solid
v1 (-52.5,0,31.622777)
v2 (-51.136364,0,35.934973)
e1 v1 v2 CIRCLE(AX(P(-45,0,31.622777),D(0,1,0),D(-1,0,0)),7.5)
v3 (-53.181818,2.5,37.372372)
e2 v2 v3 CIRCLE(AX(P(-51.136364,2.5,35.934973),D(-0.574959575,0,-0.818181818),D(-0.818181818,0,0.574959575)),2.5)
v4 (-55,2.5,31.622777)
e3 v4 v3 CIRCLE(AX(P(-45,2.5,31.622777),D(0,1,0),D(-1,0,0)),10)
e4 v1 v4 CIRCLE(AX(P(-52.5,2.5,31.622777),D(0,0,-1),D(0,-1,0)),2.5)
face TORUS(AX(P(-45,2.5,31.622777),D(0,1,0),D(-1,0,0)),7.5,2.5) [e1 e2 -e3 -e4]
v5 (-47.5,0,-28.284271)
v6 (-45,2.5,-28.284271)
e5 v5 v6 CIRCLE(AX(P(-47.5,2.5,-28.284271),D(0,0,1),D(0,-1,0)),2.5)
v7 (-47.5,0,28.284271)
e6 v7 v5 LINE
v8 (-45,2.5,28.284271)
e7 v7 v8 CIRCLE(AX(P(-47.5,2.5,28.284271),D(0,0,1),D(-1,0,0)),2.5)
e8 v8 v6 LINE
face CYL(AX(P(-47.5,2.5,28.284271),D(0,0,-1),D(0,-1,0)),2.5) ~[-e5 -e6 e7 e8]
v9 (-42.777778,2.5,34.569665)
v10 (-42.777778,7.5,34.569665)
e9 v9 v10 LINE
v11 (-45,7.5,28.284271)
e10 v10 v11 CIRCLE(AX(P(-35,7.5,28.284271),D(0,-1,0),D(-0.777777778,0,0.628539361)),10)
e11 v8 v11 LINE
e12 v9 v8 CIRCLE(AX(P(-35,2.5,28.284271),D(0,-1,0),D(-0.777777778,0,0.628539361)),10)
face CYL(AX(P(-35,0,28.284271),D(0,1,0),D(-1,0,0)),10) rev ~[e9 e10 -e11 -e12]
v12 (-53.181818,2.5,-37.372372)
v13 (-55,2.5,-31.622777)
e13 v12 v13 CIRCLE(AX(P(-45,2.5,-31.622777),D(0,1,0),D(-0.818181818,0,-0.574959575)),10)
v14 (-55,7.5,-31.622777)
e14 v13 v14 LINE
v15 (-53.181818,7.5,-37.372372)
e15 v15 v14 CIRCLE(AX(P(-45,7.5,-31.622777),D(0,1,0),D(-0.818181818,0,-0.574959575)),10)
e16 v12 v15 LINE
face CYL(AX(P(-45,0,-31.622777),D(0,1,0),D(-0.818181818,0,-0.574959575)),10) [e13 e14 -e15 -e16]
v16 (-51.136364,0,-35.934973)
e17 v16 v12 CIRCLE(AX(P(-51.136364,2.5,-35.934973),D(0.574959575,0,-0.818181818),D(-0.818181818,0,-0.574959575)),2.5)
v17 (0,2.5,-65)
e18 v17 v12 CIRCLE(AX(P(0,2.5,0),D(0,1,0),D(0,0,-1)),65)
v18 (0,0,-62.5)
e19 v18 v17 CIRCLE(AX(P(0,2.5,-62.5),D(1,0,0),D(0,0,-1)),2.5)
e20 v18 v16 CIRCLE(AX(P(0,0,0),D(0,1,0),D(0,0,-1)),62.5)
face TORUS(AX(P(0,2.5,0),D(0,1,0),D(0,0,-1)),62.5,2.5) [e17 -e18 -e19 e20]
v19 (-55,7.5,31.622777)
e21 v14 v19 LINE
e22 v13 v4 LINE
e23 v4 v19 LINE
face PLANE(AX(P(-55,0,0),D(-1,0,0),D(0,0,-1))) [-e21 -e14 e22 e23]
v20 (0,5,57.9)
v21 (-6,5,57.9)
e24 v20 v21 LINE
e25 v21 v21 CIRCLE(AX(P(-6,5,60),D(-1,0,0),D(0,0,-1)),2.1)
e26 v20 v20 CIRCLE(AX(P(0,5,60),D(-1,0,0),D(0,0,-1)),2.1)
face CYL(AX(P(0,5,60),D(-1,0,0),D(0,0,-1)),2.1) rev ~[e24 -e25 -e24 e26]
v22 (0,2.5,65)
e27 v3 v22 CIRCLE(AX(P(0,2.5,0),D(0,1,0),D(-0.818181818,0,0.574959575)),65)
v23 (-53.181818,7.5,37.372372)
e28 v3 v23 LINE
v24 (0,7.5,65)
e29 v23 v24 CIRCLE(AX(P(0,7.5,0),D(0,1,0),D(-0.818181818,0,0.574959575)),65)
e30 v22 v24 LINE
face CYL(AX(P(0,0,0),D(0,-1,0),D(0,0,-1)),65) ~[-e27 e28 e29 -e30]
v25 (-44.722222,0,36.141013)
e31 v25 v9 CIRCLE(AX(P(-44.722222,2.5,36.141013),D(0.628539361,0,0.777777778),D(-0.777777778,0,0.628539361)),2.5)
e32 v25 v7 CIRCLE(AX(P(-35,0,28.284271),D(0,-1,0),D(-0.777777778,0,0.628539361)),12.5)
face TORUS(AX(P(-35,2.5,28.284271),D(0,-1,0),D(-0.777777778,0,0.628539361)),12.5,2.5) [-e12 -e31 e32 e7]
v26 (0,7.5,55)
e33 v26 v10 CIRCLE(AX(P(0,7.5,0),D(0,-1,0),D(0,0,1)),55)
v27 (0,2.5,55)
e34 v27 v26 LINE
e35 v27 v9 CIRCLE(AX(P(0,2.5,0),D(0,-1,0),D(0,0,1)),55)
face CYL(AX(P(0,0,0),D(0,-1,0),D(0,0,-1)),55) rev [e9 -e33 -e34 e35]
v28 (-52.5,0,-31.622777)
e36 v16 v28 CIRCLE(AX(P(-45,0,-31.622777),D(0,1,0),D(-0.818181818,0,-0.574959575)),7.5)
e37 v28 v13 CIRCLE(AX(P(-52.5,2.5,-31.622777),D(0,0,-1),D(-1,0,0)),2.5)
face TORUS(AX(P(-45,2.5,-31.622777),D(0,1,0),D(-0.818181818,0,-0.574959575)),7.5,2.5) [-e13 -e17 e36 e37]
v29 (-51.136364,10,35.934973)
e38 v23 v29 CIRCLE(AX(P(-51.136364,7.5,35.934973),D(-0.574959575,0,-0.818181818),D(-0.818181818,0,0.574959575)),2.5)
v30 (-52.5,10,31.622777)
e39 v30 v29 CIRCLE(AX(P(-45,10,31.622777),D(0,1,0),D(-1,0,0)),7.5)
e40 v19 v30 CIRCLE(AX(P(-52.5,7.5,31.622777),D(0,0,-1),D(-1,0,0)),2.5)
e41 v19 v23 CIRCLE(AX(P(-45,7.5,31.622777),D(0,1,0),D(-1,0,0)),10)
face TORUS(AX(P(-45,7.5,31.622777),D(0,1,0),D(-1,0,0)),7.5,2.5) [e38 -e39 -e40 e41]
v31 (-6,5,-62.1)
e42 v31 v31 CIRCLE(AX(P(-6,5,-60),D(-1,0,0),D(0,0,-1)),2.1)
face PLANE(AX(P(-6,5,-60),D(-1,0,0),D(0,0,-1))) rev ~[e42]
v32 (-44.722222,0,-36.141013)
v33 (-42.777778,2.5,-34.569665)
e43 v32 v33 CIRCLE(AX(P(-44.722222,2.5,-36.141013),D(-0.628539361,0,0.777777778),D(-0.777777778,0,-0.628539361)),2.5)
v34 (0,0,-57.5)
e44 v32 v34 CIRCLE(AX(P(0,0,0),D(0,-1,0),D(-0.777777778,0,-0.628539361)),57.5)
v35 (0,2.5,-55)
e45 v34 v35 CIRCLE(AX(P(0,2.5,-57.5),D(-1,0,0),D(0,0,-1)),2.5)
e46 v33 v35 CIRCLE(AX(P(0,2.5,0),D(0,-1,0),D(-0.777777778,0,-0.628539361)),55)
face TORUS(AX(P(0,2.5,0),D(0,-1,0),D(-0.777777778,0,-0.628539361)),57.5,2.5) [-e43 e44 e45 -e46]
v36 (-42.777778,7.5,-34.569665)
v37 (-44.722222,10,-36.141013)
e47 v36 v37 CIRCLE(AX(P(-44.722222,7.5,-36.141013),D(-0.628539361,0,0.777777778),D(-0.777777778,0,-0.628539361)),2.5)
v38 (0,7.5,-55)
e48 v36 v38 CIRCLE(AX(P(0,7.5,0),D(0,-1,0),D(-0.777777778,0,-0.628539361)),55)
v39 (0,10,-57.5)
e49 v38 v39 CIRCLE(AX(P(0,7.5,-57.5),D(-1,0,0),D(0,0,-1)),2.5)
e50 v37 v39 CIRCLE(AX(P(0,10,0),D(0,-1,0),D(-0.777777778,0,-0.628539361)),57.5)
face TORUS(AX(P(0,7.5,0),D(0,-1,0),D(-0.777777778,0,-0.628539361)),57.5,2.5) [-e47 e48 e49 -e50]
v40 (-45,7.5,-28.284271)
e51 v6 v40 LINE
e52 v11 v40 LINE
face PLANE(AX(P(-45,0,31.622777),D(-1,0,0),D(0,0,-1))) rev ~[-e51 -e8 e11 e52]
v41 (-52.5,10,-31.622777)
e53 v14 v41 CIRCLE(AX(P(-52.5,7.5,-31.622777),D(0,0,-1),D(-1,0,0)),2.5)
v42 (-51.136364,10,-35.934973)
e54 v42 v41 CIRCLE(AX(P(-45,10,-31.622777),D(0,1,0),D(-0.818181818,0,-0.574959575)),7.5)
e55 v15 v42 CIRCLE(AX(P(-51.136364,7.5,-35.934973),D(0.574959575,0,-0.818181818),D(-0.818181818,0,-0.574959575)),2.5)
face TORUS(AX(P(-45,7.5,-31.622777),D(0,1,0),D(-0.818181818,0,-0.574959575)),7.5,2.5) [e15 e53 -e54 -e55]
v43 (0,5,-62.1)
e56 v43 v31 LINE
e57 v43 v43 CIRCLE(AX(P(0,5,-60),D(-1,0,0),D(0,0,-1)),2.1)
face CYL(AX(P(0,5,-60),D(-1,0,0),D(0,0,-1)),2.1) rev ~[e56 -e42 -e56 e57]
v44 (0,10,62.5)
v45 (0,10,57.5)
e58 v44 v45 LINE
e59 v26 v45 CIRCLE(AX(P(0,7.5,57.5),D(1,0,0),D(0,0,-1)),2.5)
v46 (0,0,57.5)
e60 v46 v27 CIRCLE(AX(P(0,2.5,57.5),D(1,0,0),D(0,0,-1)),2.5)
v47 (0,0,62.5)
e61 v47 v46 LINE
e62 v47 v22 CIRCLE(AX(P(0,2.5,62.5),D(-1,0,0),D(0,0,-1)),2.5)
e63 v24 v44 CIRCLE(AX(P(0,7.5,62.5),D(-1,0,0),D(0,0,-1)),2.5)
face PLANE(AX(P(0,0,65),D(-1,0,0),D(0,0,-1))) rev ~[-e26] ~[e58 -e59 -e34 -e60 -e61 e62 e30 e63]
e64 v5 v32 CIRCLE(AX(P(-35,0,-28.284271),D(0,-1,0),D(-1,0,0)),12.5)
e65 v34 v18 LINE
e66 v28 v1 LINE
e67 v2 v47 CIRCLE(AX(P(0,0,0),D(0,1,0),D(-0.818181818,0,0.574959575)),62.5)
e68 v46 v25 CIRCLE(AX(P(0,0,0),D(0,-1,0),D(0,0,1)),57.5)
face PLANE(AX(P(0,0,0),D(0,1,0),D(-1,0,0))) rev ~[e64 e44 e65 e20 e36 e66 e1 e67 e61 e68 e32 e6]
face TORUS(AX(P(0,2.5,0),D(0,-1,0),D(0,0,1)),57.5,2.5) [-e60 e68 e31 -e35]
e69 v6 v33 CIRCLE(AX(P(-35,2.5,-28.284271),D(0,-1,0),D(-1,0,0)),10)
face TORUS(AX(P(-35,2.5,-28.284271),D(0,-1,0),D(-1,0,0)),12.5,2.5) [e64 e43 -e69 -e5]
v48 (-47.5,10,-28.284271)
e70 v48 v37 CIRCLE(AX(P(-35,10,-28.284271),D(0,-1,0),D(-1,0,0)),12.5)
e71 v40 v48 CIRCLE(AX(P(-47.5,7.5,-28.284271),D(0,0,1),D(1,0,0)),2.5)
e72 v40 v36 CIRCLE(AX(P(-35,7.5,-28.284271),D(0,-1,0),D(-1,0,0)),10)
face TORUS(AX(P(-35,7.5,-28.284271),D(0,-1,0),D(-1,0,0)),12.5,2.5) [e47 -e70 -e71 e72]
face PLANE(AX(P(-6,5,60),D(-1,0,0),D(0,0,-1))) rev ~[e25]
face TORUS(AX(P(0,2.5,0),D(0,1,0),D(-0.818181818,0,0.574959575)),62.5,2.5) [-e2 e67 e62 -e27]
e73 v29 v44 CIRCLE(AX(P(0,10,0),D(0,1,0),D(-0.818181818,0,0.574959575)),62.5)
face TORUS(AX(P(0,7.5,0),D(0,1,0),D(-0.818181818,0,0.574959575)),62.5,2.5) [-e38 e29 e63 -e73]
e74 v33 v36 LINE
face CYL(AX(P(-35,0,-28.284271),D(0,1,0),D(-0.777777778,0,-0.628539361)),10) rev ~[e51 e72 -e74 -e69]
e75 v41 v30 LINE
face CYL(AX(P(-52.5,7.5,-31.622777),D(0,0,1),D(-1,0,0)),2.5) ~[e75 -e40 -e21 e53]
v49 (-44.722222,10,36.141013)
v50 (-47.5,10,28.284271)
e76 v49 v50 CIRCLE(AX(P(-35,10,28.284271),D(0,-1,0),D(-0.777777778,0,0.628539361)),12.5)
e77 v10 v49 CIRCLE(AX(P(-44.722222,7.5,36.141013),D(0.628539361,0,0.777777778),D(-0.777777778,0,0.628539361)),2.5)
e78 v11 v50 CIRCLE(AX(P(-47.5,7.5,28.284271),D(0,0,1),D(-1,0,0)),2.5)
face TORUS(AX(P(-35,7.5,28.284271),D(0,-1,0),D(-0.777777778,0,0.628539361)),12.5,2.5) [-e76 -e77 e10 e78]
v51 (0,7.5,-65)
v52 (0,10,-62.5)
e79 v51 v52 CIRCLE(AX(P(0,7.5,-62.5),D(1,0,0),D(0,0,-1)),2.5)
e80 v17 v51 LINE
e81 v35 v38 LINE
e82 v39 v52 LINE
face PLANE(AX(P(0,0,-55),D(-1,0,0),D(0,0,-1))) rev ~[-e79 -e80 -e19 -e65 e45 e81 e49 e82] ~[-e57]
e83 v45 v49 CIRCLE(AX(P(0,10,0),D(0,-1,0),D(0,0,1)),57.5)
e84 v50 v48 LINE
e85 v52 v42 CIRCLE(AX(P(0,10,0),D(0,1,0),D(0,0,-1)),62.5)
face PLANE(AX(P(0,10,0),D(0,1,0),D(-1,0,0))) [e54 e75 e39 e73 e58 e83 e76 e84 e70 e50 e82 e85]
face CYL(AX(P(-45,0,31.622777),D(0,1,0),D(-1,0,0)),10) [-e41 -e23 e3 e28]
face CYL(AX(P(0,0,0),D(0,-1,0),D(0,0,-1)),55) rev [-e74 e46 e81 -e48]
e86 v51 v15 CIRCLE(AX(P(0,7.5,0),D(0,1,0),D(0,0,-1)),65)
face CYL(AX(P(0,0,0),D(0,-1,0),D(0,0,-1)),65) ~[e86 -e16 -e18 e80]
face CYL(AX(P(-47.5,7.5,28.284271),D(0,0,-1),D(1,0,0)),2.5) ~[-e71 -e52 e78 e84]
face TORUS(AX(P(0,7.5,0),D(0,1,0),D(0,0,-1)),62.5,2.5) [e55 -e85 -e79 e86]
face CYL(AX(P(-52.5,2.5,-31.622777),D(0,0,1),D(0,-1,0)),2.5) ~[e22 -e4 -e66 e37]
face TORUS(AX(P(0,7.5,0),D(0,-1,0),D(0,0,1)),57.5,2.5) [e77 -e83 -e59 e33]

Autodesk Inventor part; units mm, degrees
ref_plane "YZ Plane" through (0, 0, 0) normal (1, 0, 0) x (0, 1, 0)
ref_plane "XZ Plane" through (0, 0, 0) normal (0, 1, 0) x (-1, 0, 0)
ref_plane "XY Plane" through (0, 0, 0) normal (0, 0, 1) x (1, 0, 0)
sketch "Sketch1" plane through (0, 0, 0) normal (0, 1, 0) x (-1, 0, 0)
  arc A0 (0, -60) -> (0, 60) centre (0, 0) ccw construction
  arc A1 (0, -55) -> (0, 55) centre (0, 0) ccw
  arc A2 (0, -65) -> (0, 65) centre (0, 0) ccw
  line L0 (0, 65) -> (0, 55)
  line L1 (0, -55) -> (0, -65)
  line L2 (0, 65) -> (0, -65)
  line L3 (50, 41.5331) -> (50, -41.5331)
  line L4 (45, 46.9042) -> (45, -46.9042)
  line L5 (55, 34.641) -> (55, -34.641)
  point P0 (45, 31.6228)
  point P1 (45, -31.6228)
  dimension "d16" = 60
  dimension "d17" = 5
  dimension "d18" = 5
  dimension "d19" = 10
  dimension "d20" = 10
  dimension "d21" = 0
  dimension "d25" = 5
  dimension "d26" = 5
  dimension "d27" = 55
  dimension "d28" = 55
extrude "Extrusion1" add sketch "Sketch1" along normal blind 10 contours A1 L4 A2 L1 | L4 A1 L3 | A1 L3 A2 L4 | L0 A2 L4 A1 | L3 A1 | A1 L5 A2 L3 | L4 A2 L3 A1 | A1 L3 A2 L5
fillet "Fillet1" radius 10 2 edges at (-45, 5, -31.6228) (-45, 5, 31.6228)
fillet "Fillet2" radius 10 2 edges at (-55, 5, 34.641) (-55, 5, -34.641)
fillet "Fillet3" radius 2.5 16 edges at (-54.5346, 10, 34.6379) (-55, 10, 0) (-54.5346, 10, -34.6379) (-29.9649, 10, -57.681) (-29.9649, 10, 57.681) (-54.5346, 0, 34.6379) (-55, 0, 0) (-54.5346, 0, -34.6379) (-29.9649, 0, -57.681) (-29.9649, 0, 57.681) (-45, 10, 0) (-23.703, 10, -49.6303) (-23.703, 10, 49.6303) (-45, 0, 0) (-23.703, 0, -49.6303) (-23.703, 0, 49.6303)
sketch "Sketch2" plane through (0, 0, 62.5) normal (1, 0, 0) x (0, 0, -1)
  line L0 (7.5, 2.5) -> (7.5, 7.5) projected
  line L1 (0, 10) -> (5, 10) projected
  line L2 (-2.5, 2.5) -> (-2.5, 7.5) projected
  line L3 (0, 0) -> (5, 0) projected
  line L4 (120, 0) -> (125, 0) projected
  line L5 (127.5, 2.5) -> (127.5, 7.5) projected
  line L6 (120, 10) -> (125, 10) projected
  line L7 (117.5, 2.5) -> (117.5, 7.5) projected
  arc A0 (117.5, 2.5) -> (120, 0) centre (120, 2.5) ccw projected
  arc A1 (125, 0) -> (127.5, 2.5) centre (125, 2.5) ccw projected
  arc A2 (127.5, 7.5) -> (125, 10) centre (125, 7.5) ccw projected
  arc A3 (120, 10) -> (117.5, 7.5) centre (120, 7.5) ccw projected
  arc A4 (5, 0) -> (7.5, 2.5) centre (5, 2.5) ccw projected
  arc A5 (7.5, 7.5) -> (5, 10) centre (5, 7.5) ccw projected
  arc A6 (0, 10) -> (-2.5, 7.5) centre (0, 7.5) ccw projected
  arc A7 (-2.5, 2.5) -> (0, 0) centre (0, 2.5) ccw projected
  point P0 (122.5, 5)
  point P1 (2.5, 5)
hole "Hole1" at (0, 5, -60) at (0, 5, 60) direction (-1, 0, 0) diameter 4.2 depth 6
equation "\"d18\" = d17"
equation "\"d19\" = 2 * d17"
equation "\"d20\" = 2 * d17"
equation "\"d25\" = d17"
equation "\"d26\" = d17"
equation "\"d28\" = d27"
equation "\"d29\" = 2 * d17"
properties part number "Handle"
